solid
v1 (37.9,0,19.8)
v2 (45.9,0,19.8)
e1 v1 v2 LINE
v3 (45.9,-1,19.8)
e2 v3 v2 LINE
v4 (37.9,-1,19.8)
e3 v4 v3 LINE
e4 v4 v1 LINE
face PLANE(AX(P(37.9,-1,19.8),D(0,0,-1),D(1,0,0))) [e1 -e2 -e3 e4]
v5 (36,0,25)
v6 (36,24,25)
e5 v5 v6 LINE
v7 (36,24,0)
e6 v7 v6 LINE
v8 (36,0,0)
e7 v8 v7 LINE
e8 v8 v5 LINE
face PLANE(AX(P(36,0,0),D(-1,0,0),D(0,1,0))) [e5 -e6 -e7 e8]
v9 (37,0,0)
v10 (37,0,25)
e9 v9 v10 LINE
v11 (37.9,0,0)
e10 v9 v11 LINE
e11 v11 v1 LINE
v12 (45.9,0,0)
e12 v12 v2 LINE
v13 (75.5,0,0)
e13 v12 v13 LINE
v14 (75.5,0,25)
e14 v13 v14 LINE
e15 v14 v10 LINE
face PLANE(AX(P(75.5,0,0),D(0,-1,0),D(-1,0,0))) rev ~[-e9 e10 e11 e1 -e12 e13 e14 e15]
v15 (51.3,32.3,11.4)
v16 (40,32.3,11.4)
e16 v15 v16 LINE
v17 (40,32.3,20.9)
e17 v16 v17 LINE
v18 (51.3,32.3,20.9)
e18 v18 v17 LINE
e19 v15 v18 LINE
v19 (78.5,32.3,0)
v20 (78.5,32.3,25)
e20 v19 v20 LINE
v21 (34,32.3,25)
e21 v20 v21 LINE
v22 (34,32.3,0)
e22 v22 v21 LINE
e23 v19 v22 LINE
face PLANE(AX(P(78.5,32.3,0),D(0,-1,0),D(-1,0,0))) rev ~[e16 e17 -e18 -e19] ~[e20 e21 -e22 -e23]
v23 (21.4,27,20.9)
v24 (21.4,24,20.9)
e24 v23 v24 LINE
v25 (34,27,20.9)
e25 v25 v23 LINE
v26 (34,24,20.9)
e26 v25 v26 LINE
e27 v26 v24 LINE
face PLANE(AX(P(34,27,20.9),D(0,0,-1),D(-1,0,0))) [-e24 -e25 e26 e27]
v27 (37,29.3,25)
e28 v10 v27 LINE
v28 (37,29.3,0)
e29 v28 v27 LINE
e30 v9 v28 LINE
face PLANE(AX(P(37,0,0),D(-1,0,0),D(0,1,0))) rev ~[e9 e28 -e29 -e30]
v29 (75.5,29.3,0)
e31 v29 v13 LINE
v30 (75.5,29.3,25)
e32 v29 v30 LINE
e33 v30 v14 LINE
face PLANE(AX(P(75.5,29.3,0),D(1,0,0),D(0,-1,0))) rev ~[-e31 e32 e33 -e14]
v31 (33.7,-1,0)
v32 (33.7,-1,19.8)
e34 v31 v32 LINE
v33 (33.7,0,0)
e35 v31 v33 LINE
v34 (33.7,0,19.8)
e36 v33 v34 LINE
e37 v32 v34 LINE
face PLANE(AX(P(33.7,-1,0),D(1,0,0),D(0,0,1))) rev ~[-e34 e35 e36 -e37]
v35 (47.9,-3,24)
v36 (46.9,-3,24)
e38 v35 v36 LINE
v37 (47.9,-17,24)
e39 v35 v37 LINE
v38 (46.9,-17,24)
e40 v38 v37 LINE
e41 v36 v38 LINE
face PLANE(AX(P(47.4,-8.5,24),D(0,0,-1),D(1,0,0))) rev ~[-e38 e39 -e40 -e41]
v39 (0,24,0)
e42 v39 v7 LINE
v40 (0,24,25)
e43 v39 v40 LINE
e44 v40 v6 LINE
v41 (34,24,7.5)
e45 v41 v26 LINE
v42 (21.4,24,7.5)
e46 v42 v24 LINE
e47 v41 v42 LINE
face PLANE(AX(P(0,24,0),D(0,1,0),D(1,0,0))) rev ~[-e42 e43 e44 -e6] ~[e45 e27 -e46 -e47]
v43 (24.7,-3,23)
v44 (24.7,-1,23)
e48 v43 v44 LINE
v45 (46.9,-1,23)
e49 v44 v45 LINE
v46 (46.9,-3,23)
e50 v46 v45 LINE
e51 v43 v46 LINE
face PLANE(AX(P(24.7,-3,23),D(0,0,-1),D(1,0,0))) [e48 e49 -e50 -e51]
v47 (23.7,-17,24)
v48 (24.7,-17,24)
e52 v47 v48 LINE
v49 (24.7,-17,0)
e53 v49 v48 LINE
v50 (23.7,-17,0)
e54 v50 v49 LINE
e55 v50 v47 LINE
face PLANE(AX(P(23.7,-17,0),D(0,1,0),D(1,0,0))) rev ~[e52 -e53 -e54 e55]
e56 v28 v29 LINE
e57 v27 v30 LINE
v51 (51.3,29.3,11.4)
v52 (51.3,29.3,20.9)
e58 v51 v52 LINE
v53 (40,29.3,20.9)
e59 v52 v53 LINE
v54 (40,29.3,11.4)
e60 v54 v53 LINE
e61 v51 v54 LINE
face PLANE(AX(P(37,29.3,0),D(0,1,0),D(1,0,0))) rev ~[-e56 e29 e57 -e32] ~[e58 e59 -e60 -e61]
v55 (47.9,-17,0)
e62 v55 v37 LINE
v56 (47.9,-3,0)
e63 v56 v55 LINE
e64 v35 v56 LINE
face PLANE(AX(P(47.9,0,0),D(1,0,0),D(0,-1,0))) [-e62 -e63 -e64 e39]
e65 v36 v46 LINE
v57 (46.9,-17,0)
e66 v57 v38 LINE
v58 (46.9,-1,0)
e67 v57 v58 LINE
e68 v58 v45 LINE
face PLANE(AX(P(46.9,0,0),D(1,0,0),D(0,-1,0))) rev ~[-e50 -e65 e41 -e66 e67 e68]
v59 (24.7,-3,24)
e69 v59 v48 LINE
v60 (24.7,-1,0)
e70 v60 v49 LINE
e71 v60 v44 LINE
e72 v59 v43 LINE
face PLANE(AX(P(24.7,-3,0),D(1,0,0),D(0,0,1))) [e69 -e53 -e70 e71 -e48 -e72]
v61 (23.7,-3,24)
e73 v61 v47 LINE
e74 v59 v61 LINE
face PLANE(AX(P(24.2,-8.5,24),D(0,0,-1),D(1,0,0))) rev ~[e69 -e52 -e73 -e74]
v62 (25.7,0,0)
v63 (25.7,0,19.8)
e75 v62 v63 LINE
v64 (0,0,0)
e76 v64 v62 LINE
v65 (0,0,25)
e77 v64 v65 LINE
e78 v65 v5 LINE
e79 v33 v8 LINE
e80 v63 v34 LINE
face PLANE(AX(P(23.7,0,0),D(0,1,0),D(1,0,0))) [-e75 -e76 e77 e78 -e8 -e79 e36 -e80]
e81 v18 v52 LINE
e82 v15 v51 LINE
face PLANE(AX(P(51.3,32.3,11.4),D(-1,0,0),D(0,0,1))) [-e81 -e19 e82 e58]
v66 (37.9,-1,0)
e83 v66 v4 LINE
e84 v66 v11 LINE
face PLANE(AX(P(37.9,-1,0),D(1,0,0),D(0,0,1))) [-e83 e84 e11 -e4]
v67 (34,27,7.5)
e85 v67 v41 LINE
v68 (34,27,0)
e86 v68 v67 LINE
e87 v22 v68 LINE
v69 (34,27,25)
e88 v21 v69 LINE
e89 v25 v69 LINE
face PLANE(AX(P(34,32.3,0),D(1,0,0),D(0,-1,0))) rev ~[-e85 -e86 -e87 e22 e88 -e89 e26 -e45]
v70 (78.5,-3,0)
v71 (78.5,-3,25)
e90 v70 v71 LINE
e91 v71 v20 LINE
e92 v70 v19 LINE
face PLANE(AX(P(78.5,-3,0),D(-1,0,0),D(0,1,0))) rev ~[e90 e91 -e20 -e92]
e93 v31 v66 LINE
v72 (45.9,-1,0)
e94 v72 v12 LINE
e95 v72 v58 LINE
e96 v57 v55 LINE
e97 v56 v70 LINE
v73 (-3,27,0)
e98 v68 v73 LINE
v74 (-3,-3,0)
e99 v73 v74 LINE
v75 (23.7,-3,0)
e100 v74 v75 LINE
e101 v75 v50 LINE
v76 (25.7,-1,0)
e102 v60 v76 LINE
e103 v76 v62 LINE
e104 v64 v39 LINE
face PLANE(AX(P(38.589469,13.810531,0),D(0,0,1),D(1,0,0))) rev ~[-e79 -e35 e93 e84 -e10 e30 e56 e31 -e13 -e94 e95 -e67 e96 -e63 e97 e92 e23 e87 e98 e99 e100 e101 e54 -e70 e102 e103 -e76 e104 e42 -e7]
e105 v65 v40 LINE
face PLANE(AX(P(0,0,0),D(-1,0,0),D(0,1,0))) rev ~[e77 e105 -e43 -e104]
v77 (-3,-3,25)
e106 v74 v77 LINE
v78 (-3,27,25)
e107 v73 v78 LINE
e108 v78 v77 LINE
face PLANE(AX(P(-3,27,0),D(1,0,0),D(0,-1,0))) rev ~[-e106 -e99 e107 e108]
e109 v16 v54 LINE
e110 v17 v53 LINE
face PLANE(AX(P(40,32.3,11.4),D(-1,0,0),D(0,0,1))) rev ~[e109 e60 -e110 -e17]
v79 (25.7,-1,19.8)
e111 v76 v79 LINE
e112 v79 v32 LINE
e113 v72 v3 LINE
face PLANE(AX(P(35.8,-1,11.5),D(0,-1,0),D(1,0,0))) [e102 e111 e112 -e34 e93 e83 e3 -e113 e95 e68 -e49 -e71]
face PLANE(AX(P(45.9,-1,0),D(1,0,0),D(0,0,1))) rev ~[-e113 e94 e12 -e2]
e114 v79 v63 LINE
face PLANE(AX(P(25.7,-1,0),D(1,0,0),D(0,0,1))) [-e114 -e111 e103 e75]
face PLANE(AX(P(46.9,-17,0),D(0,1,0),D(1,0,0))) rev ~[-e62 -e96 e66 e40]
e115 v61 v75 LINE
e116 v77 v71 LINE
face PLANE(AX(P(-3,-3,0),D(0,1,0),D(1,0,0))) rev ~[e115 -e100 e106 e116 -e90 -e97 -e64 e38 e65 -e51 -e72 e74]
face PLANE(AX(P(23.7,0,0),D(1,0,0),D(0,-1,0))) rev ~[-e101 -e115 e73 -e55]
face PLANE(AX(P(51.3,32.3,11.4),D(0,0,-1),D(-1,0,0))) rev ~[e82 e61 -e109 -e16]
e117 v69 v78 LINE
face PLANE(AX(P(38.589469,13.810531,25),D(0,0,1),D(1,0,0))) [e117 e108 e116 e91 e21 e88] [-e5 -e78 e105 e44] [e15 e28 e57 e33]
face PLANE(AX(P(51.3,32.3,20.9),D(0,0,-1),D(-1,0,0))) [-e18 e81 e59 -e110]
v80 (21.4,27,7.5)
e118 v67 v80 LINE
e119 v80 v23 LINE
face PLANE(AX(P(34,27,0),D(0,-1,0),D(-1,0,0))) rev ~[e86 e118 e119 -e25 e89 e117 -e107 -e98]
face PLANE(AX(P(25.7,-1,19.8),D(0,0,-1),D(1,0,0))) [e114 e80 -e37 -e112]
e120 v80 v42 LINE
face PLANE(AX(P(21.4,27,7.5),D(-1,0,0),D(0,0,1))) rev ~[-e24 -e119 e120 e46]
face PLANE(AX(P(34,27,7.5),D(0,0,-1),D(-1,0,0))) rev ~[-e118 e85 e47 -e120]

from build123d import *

# Parameters (mm, degrees)
F0_W      = 36
F0_H      = 24
F1_DEPTH  = 25
F2_W      = 1
F2_H      = 17
F3_DEPTH  = 24
F4_W      = 22.2
F4_H      = 23
F5_DEPTH  = 2
F6_W      = 8
F6_H      = 19.8
F7_DEPTH  = 1
F8_W      = 12.6
F8_H      = 13.4
F9_DEPTH  = 3
F10_W     = 11.3
F10_H     = 9.5
F11_DEPTH = 3


with BuildPart() as f1:
    # F0 (on Top) → F1 (new body)
    with BuildSketch(Plane.XY):
        Polygon((34, 32.3), (34, 27), (-3, 27), (-3, -3), (78.5, -3), (78.5, 32.3), align=None)
        with Locations((18, 12)):
            Rectangle(F0_W, F0_H, mode=Mode.SUBTRACT)
        Polygon((75.5, 29.3), (75.5, 0), (37, 0), (37, 24), (37, 29.3), align=None, mode=Mode.SUBTRACT)
    extrude(amount=F1_DEPTH)

    # F2 (on face) → F3 (join)
    with BuildSketch(Plane(origin=(0, 0, 0), x_dir=(1, 0, 0), z_dir=(0, 0, -1))):
        with Locations((24.2, 8.5)):
            Rectangle(F2_W, F2_H)
        with Locations((47.4, 8.5)):
            Rectangle(F2_W, F2_H)
    extrude(amount=-F3_DEPTH)

    # F4 (on face) → F5 (cut)
    with BuildSketch(Plane.XZ.offset(3)):
        with Locations((35.8, 11.5)):
            Rectangle(F4_W, F4_H)
    extrude(amount=-F5_DEPTH, mode=Mode.SUBTRACT)

    # F6 (on face) → F7 (cut, through all)
    with BuildSketch(Plane.XZ.offset(1)):
        with Locations((41.9, 9.9)):
            Rectangle(F6_W, F6_H)
        with Locations((29.7, 9.9)):
            Rectangle(F6_W, F6_H)
    extrude(amount=-F7_DEPTH, mode=Mode.SUBTRACT)

    # F8 (on face) → F9 (cut, through all)
    with BuildSketch(Plane(origin=(0, 27, 0), x_dir=(-1, 0, 0), z_dir=(0, 1, 0))):
        with Locations((-27.7, 14.2)):
            Rectangle(F8_W, F8_H)
    extrude(amount=-F9_DEPTH, mode=Mode.SUBTRACT)

    # F10 (on face) → F11 (cut, through all)
    with BuildSketch(Plane(origin=(0, 32.3, 0), x_dir=(-1, 0, 0), z_dir=(0, 1, 0))):
        with Locations((-45.65, 16.15)):
            Rectangle(F10_W, F10_H)
    extrude(amount=-F11_DEPTH, mode=Mode.SUBTRACT)


solid = f1.part
